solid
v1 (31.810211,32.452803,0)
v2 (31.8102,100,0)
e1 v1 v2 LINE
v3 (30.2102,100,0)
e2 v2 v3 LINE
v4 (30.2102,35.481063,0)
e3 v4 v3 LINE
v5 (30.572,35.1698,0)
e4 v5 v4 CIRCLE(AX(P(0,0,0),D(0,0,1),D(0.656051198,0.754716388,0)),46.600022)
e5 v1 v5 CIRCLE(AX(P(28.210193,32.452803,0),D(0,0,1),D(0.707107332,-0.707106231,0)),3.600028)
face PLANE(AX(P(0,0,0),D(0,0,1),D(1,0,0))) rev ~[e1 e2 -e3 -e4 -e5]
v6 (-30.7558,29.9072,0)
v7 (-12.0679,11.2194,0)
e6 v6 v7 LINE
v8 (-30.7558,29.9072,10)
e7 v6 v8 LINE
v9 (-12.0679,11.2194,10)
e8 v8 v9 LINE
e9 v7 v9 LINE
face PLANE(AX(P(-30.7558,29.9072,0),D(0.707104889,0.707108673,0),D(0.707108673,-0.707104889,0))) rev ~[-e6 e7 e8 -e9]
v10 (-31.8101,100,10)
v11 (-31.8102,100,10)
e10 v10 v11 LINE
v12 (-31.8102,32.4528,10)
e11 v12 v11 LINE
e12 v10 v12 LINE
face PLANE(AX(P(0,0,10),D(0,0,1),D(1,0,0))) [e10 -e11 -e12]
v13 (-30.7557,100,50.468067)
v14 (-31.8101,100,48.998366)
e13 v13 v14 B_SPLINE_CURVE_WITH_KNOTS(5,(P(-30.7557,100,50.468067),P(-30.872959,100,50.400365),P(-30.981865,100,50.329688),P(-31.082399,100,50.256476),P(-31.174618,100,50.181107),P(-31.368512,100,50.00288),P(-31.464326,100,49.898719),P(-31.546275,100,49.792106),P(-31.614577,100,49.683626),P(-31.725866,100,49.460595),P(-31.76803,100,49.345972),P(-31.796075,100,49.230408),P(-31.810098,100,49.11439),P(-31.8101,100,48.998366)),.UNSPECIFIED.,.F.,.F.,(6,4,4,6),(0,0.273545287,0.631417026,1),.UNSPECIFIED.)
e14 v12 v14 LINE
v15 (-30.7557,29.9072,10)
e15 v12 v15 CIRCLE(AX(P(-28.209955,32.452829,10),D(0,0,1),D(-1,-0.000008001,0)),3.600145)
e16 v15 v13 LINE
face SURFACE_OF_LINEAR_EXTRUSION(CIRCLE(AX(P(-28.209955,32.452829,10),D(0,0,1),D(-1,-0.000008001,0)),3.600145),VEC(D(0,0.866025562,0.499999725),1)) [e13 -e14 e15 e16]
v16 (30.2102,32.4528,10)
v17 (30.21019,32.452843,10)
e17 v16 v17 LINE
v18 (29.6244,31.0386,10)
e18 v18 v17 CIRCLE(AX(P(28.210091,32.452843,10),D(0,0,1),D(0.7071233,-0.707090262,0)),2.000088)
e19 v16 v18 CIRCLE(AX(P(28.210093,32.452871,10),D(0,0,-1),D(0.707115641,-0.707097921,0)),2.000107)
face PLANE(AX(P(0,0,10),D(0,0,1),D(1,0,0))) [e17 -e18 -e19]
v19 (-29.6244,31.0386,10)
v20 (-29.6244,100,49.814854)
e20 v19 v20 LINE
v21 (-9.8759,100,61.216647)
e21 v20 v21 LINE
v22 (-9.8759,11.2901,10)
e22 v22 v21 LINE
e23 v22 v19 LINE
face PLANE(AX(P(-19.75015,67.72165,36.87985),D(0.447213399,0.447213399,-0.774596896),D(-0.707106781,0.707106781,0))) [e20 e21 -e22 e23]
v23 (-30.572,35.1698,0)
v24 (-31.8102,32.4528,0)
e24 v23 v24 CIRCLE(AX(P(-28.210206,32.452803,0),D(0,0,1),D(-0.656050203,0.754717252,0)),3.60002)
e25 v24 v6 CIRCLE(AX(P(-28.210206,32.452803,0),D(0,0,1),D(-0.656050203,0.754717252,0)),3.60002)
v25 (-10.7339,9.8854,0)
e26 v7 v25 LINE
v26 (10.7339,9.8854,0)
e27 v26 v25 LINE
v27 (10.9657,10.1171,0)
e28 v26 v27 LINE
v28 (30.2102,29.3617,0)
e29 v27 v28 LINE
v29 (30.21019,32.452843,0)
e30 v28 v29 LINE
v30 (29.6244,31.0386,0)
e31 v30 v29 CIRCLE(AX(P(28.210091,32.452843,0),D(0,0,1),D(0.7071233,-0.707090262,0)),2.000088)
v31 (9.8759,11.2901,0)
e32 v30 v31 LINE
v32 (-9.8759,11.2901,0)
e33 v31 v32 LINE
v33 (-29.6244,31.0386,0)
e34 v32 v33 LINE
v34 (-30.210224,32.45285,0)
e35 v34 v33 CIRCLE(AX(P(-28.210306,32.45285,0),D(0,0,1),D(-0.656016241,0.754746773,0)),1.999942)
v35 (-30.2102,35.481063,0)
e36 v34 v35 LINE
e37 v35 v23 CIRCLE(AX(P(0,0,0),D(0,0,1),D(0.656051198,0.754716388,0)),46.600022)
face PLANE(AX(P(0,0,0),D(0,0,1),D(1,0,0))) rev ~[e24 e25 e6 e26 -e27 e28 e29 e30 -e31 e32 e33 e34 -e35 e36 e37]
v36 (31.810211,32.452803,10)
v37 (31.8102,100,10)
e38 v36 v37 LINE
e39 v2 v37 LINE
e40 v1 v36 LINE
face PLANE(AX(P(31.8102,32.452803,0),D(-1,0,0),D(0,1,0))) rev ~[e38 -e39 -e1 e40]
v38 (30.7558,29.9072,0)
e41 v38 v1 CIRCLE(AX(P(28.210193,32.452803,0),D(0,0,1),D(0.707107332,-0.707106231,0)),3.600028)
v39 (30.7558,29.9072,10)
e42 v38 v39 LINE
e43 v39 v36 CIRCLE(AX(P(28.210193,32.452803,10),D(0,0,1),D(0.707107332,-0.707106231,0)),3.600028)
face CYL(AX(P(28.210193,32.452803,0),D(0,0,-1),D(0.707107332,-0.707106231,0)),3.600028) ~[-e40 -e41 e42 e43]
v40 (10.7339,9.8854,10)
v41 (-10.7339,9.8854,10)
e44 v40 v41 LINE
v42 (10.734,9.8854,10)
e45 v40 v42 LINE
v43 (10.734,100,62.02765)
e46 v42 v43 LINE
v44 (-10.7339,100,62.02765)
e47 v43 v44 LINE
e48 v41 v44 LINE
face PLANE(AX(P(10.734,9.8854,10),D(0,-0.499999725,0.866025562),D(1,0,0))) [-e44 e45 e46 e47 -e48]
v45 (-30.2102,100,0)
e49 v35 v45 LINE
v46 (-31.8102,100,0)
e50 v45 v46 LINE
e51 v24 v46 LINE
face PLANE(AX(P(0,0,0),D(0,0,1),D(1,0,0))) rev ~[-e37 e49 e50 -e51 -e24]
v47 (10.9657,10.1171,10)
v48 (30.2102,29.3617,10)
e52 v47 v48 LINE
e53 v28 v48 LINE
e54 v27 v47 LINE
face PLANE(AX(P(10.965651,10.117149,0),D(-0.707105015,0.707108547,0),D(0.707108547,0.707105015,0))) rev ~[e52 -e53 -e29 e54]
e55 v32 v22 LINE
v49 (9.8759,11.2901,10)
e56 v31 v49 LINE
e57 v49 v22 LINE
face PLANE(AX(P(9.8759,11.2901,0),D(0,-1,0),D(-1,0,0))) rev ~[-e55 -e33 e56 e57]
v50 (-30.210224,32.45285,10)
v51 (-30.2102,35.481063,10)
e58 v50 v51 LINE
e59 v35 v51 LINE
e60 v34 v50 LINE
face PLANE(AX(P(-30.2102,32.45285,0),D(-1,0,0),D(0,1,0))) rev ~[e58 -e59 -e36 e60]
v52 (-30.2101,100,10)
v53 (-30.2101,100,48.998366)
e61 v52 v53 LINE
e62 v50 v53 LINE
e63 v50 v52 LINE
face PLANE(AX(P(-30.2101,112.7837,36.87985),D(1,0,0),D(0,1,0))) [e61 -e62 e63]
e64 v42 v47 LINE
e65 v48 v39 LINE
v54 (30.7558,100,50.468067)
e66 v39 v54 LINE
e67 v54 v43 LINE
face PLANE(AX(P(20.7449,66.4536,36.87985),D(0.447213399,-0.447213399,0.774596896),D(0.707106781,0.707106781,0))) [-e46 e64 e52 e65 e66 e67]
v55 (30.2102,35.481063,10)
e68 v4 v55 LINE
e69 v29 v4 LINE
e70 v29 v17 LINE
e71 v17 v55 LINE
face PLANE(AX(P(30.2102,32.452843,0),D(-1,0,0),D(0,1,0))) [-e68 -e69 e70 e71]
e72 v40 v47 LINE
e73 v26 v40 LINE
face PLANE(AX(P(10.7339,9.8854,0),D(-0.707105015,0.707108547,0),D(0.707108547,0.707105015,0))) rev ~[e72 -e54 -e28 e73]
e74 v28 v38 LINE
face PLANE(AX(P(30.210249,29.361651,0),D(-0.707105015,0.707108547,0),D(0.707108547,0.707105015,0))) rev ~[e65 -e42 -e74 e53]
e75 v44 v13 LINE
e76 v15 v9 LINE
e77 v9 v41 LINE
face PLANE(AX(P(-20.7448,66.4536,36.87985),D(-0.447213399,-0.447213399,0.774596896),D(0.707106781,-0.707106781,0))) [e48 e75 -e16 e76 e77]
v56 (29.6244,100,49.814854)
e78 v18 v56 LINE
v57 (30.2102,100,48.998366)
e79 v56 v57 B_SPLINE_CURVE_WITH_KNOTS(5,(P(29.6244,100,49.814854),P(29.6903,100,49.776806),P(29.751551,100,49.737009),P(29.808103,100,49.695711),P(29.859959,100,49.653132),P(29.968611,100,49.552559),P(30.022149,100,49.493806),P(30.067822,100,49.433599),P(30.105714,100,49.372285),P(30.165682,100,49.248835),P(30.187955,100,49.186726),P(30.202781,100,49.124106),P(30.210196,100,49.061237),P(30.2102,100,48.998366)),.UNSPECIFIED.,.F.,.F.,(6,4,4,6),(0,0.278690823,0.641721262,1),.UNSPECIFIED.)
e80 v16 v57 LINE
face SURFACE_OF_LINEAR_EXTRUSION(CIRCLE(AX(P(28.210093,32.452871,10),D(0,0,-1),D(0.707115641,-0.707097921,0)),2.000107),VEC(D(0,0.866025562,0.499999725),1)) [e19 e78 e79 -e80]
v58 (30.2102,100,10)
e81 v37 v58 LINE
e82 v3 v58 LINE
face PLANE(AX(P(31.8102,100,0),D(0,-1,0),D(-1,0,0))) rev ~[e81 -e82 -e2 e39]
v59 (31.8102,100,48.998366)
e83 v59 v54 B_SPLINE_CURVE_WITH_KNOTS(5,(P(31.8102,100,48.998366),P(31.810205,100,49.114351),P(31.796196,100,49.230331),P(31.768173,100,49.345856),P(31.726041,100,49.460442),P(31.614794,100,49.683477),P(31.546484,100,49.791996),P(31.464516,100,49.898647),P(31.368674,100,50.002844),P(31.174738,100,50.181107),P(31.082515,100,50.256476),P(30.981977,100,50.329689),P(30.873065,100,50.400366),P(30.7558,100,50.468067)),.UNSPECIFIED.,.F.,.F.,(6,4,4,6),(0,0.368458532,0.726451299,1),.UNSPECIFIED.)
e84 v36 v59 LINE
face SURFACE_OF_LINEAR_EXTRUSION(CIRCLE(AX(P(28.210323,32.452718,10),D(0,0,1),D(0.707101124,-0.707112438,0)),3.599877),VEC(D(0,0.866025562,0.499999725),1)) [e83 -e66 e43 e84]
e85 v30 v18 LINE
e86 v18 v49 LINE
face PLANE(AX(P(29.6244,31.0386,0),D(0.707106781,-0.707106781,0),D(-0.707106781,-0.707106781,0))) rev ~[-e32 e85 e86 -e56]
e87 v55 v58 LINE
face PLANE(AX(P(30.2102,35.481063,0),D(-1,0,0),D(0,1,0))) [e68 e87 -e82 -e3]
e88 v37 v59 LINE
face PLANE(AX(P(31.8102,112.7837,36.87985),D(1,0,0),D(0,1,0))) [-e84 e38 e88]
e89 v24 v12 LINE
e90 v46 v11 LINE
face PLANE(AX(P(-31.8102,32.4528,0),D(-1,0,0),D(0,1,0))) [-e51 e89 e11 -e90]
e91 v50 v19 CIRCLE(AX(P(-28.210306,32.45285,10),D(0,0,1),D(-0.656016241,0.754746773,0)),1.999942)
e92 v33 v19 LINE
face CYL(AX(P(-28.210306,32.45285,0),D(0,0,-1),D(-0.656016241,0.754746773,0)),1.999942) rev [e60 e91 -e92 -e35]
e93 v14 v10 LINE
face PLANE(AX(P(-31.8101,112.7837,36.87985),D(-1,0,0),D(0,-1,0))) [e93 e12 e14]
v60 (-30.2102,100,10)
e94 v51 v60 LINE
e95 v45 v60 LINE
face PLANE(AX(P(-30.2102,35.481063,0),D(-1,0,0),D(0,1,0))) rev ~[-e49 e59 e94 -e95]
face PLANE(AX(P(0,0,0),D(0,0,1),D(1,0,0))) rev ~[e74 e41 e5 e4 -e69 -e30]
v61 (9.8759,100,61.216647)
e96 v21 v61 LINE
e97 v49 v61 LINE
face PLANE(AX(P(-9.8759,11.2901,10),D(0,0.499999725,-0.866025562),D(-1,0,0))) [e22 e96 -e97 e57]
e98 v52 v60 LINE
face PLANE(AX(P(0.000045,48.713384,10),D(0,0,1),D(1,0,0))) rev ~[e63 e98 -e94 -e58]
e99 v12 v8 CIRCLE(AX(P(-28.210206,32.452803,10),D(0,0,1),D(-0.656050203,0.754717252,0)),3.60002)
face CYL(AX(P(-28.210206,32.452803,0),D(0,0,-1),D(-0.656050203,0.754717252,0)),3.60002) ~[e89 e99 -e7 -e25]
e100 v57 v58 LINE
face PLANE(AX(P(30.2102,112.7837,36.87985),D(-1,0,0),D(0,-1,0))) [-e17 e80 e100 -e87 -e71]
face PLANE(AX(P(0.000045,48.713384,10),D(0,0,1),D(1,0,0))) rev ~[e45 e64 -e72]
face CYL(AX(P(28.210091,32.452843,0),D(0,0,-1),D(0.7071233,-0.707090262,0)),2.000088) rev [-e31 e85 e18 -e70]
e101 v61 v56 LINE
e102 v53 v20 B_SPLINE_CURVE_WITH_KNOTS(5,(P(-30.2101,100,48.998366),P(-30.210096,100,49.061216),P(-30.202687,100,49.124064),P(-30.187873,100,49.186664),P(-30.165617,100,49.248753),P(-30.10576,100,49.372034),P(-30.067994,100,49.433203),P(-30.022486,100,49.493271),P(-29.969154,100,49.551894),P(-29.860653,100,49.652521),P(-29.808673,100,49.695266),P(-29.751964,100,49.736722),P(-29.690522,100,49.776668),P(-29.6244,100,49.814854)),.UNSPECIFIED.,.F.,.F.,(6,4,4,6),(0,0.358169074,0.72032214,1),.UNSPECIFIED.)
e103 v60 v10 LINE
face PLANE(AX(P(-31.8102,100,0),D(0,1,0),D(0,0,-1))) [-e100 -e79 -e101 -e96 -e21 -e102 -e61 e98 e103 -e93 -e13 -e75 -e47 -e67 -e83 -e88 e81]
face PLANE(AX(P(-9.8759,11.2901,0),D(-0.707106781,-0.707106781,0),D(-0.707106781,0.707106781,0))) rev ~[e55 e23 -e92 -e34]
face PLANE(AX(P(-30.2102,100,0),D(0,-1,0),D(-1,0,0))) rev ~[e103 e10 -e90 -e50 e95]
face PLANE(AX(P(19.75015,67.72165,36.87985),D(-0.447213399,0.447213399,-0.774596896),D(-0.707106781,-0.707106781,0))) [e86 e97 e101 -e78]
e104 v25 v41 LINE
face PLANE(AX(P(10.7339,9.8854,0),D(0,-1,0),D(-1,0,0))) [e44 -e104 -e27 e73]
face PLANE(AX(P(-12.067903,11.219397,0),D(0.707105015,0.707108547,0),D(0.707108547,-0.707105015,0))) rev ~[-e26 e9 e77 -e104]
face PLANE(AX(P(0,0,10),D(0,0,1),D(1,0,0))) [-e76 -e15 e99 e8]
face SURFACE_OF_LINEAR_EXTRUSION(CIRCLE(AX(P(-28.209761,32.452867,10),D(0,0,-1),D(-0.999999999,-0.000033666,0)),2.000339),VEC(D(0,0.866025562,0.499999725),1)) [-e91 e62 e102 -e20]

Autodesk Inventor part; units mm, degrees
ref_plane "YZ Plane" through (0, 0, 0) normal (1, 0, 0) x (0, 1, 0)
sketch "Boceto1" plane through (0, 0, 0) normal (0, 0, 1) x (1, 0, 0)
  circle A0 centre (-50, -88) radius 1.5 projected
  circle A1 centre (50, -88) radius 1.5 projected
  circle A2 centre (88, -50) radius 1.5 projected
  circle A3 centre (88, 50) radius 1.5 projected
  circle A4 centre (50, 88) radius 1.5 projected
  circle A5 centre (-50, 88) radius 1.5 projected
  circle A6 centre (-88, 50) radius 1.5 projected
  circle A7 centre (-88, -50) radius 1.5 projected
  arc A8 (29.6244, 31.0386) -> (29.5223, 33.9623) centre (28.2102, 32.4528) ccw projected
  line L0 (29.6244, 31.0386) -> (9.8759, 11.2901) projected
  line L1 (-9.8759, 11.2901) -> (-29.6244, 31.0386) projected
  arc A9 (-29.5223, 33.9623) -> (-29.6244, 31.0386) centre (-28.2102, 32.4528) ccw projected
  arc A10 (29.5223, 33.9623) -> (-29.5223, 33.9623) centre (0, 0) ccw projected
  line L2 (100, -100) -> (100, 100) projected
  line L3 (100, 100) -> (-100, 100) projected
  line L4 (-100, 100) -> (-100, -100) projected
  line L5 (-100, -100) -> (100, -100) projected
  line L6 (10.7339, 9.8854) -> (30.7558, 29.9072)
  arc A11 (30.7558, 29.9072) -> (30.572, 35.1698) centre (28.2102, 32.4528) ccw
  arc A12 (30.572, 35.1698) -> (-30.572, 35.1698) centre (0, 0) ccw
  arc A13 (-30.572, 35.1698) -> (-30.7558, 29.9072) centre (-28.2102, 32.4528) ccw
  line L7 (-30.7558, 29.9072) -> (-12.0679, 11.2194)
  line L8 (31.8102, 5.2085) -> (31.8102, 100)
  line L9 (30.2102, 29.3617) -> (30.2102, 100)
  line L10 (-31.8102, 32.4528) -> (-31.8102, 100)
  line L11 (-30.2102, 31.7383) -> (-30.2102, 100)
  circle A14 centre (55, 0) radius 2.5 projected
  arc A15 (-5.2203, -12.3413) -> (5.2203, -12.3413) centre (0, 0) ccw projected
  arc A16 (54.4847, -4.9734) -> (5.2203, -12.3413) centre (44.1778, -104.4408) ccw projected
  arc A17 (54.4847, -4.9734) -> (54.4847, 4.9734) centre (55, 0) ccw projected
  arc A18 (11.6313, 9.8854) -> (54.4847, 4.9734) centre (44.1778, 104.4408) ccw projected
  arc A19 (-54.4847, 4.9734) -> (-11.6313, 9.8854) centre (-44.1778, 104.4408) ccw projected
  arc A20 (-54.4847, 4.9734) -> (-54.4847, -4.9734) centre (-55, 0) ccw projected
  arc A21 (-5.2203, -12.3413) -> (-54.4847, -4.9734) centre (-44.1778, -104.4408) ccw projected
  circle A22 centre (0, 0) radius 4 projected
  circle A23 centre (-55, 0) radius 2.5 projected
  arc A24 (9.8759, 11.2901) -> (-9.8759, 11.2901) centre (0, 0) ccw
  line L12 (-30.7558, 29.9072) -> (-10.7339, 9.8854)
  arc A25 (5.2203, 12.3413) -> (-5.2203, 12.3413) centre (0, 0) ccw
  line L13 (10.9657, 10.1171) -> (30.7558, 29.9072)
  arc A26 (30.7558, 29.9072) -> (30.572, 35.1698) centre (28.2102, 32.4528) ccw
  arc A27 (30.572, 35.1698) -> (-30.572, 35.1698) centre (0, 0) ccw
  arc A28 (-30.572, 35.1698) -> (-30.7558, 29.9072) centre (-28.2102, 32.4528) ccw
  line L14 (11.6313, 9.8854) -> (-11.6313, 9.8854) projected
  line L15 (9.8759, 11.2901) -> (-9.8759, 11.2901)
  point P0 (-30.2102, 32.4528)
  point P1 (30.2102, 32.4528)
  point P2 (31.8102, 32.4528)
  point P3 (-30.2102, 35.4811)
  point P4 (31.8102, 32.4528)
  point P5 (30.2102, 35.4811)
  point P6 (44.1778, 104.4408)
  point P7 (-44.1778, 104.4408)
  dimension "d0" = 1.6
ref_plane "Plano de trabajo1" through (-60, -15, 10) normal (0, 0, 1) x (1, 0, 0)
ref_plane "Plano de trabajo3" through (-60, -13.4, 10) normal (0, 0, 1) x (1, 0, 0)
extrude "Extrusión1" add sketch "Boceto1" along normal up to surface (10 mm away) contours A8 L9 L6 L14 L12 L7 A13 A12 L11 A9 L1 L15 L0 | L9 A12 A11 L6 | L9 L3 L8 A11 A12 | A12 A13 L10 L3 L11
ref_plane "Plano de trabajo5" through (0, 32.4528, 0) normal (-1, 0, 0) x (0, 0, 1)
sketch "Boceto4" plane through (0, 32.4528, 0) normal (-1, 0, 0) x (0, 0, 1)
  line L0 (10, -1.4142) -> (10, -21.1627) projected
  line L1 (10, 0) -> (10, -1.4142) projected
  line L2 (10, 67.5472) -> (10, 0) projected
  line L3 (10, 0) -> (10, 67.5472) projected
  line L4 (10, -2.5456) -> (10, 0) projected
  line L5 (10, -22.5674) -> (10, -2.5456) projected
  line L6 (10, -2.5456) -> (10, -22.5674) projected
  line L7 (10, 0) -> (10, -2.5456) projected
  line L8 (10, 67.5472) -> (10, 0) projected
  line L9 (10, 0) -> (10, 67.5472) projected
  line L10 (10, -1.4142) -> (10, 0) projected
  line L11 (10, -21.1627) -> (10, -1.4142) projected
  line L12 (-103, 70.5472) -> (-78, 70.5472) projected
  line L13 (-78, 70.5472) -> (-53, 70.5472) projected
  line L14 (-53, 70.5472) -> (-28, 70.5472) projected
  line L15 (-28, 70.5472) -> (-3, 70.5472) projected
  line L16 (-3, 70.5472) -> (22, 70.5472) projected
  line L17 (22, 70.5472) -> (47, 70.5472) projected
  line L18 (47, 70.5472) -> (72, 70.5472) projected
  line L19 (72, 70.5472) -> (97, 70.5472) projected
  line L20 (97, 70.5472) -> (122, 70.5472) projected
  line L21 (122, 70.5472) -> (147, 70.5472) projected
  line L22 (10, -22.5674) -> (63.7597, 70.5472)
  line L23 (10, -22.5674) -> (117.5195, -22.5674) construction
  point P0 (0, -32.4528)
  dimension "d9" = 60
sketch "Boceto5" plane through (-10.7339, 9.8854, 10) normal (0, 0, 1) x (1, 0, 0)
  line L0 (-18.8905, 21.1532) -> (0.858, 1.4047) projected
  arc A0 (-19.4762, 22.5674) -> (-18.8905, 21.1532) centre (-17.4762, 22.5674) ccw projected
  line L1 (-19.4762, 90.1146) -> (-19.4762, 22.5674) projected
  line L2 (-21.0762, 90.1146) -> (-19.4762, 90.1146) projected
  line L3 (-21.0762, 22.5674) -> (-21.0762, 90.1146) projected
  arc A1 (-21.0762, 22.5674) -> (-20.0218, 20.0218) centre (-17.4762, 22.5674) ccw projected
  line L4 (0, 0) -> (-20.0218, 20.0218) projected
  line L5 (21.4679, 0) -> (0, 0) projected
  line L6 (41.4897, 20.0218) -> (21.4679, 0) projected
  arc A2 (41.4897, 20.0218) -> (42.5441, 22.5674) centre (38.9441, 22.5674) ccw projected
  line L7 (42.5441, 90.1146) -> (42.5441, 22.5674) projected
  line L8 (40.9441, 90.1146) -> (42.5441, 90.1146) projected
  line L9 (40.9441, 22.5674) -> (40.9441, 90.1146) projected
  arc A3 (40.3583, 21.1532) -> (40.9441, 22.5674) centre (38.9441, 22.5674) ccw projected
  line L10 (20.6098, 1.4047) -> (40.3583, 21.1532) projected
  line L11 (0.858, 1.4047) -> (20.6098, 1.4047) projected
  point P0 (10.7339, -9.8854)
sweep "Barrido2" add profiles "Boceto5" path "Boceto4" path curves L22
ref_plane "Plano de trabajo6" through (-31.8102, 100, 0) normal (0, 1, 0) x (1, 0, 0)
split "Dividir2" plane through (-31.8102, 100, 0) removes the side toward (0, 1, 0)
properties part number "Tolva_Salida"
